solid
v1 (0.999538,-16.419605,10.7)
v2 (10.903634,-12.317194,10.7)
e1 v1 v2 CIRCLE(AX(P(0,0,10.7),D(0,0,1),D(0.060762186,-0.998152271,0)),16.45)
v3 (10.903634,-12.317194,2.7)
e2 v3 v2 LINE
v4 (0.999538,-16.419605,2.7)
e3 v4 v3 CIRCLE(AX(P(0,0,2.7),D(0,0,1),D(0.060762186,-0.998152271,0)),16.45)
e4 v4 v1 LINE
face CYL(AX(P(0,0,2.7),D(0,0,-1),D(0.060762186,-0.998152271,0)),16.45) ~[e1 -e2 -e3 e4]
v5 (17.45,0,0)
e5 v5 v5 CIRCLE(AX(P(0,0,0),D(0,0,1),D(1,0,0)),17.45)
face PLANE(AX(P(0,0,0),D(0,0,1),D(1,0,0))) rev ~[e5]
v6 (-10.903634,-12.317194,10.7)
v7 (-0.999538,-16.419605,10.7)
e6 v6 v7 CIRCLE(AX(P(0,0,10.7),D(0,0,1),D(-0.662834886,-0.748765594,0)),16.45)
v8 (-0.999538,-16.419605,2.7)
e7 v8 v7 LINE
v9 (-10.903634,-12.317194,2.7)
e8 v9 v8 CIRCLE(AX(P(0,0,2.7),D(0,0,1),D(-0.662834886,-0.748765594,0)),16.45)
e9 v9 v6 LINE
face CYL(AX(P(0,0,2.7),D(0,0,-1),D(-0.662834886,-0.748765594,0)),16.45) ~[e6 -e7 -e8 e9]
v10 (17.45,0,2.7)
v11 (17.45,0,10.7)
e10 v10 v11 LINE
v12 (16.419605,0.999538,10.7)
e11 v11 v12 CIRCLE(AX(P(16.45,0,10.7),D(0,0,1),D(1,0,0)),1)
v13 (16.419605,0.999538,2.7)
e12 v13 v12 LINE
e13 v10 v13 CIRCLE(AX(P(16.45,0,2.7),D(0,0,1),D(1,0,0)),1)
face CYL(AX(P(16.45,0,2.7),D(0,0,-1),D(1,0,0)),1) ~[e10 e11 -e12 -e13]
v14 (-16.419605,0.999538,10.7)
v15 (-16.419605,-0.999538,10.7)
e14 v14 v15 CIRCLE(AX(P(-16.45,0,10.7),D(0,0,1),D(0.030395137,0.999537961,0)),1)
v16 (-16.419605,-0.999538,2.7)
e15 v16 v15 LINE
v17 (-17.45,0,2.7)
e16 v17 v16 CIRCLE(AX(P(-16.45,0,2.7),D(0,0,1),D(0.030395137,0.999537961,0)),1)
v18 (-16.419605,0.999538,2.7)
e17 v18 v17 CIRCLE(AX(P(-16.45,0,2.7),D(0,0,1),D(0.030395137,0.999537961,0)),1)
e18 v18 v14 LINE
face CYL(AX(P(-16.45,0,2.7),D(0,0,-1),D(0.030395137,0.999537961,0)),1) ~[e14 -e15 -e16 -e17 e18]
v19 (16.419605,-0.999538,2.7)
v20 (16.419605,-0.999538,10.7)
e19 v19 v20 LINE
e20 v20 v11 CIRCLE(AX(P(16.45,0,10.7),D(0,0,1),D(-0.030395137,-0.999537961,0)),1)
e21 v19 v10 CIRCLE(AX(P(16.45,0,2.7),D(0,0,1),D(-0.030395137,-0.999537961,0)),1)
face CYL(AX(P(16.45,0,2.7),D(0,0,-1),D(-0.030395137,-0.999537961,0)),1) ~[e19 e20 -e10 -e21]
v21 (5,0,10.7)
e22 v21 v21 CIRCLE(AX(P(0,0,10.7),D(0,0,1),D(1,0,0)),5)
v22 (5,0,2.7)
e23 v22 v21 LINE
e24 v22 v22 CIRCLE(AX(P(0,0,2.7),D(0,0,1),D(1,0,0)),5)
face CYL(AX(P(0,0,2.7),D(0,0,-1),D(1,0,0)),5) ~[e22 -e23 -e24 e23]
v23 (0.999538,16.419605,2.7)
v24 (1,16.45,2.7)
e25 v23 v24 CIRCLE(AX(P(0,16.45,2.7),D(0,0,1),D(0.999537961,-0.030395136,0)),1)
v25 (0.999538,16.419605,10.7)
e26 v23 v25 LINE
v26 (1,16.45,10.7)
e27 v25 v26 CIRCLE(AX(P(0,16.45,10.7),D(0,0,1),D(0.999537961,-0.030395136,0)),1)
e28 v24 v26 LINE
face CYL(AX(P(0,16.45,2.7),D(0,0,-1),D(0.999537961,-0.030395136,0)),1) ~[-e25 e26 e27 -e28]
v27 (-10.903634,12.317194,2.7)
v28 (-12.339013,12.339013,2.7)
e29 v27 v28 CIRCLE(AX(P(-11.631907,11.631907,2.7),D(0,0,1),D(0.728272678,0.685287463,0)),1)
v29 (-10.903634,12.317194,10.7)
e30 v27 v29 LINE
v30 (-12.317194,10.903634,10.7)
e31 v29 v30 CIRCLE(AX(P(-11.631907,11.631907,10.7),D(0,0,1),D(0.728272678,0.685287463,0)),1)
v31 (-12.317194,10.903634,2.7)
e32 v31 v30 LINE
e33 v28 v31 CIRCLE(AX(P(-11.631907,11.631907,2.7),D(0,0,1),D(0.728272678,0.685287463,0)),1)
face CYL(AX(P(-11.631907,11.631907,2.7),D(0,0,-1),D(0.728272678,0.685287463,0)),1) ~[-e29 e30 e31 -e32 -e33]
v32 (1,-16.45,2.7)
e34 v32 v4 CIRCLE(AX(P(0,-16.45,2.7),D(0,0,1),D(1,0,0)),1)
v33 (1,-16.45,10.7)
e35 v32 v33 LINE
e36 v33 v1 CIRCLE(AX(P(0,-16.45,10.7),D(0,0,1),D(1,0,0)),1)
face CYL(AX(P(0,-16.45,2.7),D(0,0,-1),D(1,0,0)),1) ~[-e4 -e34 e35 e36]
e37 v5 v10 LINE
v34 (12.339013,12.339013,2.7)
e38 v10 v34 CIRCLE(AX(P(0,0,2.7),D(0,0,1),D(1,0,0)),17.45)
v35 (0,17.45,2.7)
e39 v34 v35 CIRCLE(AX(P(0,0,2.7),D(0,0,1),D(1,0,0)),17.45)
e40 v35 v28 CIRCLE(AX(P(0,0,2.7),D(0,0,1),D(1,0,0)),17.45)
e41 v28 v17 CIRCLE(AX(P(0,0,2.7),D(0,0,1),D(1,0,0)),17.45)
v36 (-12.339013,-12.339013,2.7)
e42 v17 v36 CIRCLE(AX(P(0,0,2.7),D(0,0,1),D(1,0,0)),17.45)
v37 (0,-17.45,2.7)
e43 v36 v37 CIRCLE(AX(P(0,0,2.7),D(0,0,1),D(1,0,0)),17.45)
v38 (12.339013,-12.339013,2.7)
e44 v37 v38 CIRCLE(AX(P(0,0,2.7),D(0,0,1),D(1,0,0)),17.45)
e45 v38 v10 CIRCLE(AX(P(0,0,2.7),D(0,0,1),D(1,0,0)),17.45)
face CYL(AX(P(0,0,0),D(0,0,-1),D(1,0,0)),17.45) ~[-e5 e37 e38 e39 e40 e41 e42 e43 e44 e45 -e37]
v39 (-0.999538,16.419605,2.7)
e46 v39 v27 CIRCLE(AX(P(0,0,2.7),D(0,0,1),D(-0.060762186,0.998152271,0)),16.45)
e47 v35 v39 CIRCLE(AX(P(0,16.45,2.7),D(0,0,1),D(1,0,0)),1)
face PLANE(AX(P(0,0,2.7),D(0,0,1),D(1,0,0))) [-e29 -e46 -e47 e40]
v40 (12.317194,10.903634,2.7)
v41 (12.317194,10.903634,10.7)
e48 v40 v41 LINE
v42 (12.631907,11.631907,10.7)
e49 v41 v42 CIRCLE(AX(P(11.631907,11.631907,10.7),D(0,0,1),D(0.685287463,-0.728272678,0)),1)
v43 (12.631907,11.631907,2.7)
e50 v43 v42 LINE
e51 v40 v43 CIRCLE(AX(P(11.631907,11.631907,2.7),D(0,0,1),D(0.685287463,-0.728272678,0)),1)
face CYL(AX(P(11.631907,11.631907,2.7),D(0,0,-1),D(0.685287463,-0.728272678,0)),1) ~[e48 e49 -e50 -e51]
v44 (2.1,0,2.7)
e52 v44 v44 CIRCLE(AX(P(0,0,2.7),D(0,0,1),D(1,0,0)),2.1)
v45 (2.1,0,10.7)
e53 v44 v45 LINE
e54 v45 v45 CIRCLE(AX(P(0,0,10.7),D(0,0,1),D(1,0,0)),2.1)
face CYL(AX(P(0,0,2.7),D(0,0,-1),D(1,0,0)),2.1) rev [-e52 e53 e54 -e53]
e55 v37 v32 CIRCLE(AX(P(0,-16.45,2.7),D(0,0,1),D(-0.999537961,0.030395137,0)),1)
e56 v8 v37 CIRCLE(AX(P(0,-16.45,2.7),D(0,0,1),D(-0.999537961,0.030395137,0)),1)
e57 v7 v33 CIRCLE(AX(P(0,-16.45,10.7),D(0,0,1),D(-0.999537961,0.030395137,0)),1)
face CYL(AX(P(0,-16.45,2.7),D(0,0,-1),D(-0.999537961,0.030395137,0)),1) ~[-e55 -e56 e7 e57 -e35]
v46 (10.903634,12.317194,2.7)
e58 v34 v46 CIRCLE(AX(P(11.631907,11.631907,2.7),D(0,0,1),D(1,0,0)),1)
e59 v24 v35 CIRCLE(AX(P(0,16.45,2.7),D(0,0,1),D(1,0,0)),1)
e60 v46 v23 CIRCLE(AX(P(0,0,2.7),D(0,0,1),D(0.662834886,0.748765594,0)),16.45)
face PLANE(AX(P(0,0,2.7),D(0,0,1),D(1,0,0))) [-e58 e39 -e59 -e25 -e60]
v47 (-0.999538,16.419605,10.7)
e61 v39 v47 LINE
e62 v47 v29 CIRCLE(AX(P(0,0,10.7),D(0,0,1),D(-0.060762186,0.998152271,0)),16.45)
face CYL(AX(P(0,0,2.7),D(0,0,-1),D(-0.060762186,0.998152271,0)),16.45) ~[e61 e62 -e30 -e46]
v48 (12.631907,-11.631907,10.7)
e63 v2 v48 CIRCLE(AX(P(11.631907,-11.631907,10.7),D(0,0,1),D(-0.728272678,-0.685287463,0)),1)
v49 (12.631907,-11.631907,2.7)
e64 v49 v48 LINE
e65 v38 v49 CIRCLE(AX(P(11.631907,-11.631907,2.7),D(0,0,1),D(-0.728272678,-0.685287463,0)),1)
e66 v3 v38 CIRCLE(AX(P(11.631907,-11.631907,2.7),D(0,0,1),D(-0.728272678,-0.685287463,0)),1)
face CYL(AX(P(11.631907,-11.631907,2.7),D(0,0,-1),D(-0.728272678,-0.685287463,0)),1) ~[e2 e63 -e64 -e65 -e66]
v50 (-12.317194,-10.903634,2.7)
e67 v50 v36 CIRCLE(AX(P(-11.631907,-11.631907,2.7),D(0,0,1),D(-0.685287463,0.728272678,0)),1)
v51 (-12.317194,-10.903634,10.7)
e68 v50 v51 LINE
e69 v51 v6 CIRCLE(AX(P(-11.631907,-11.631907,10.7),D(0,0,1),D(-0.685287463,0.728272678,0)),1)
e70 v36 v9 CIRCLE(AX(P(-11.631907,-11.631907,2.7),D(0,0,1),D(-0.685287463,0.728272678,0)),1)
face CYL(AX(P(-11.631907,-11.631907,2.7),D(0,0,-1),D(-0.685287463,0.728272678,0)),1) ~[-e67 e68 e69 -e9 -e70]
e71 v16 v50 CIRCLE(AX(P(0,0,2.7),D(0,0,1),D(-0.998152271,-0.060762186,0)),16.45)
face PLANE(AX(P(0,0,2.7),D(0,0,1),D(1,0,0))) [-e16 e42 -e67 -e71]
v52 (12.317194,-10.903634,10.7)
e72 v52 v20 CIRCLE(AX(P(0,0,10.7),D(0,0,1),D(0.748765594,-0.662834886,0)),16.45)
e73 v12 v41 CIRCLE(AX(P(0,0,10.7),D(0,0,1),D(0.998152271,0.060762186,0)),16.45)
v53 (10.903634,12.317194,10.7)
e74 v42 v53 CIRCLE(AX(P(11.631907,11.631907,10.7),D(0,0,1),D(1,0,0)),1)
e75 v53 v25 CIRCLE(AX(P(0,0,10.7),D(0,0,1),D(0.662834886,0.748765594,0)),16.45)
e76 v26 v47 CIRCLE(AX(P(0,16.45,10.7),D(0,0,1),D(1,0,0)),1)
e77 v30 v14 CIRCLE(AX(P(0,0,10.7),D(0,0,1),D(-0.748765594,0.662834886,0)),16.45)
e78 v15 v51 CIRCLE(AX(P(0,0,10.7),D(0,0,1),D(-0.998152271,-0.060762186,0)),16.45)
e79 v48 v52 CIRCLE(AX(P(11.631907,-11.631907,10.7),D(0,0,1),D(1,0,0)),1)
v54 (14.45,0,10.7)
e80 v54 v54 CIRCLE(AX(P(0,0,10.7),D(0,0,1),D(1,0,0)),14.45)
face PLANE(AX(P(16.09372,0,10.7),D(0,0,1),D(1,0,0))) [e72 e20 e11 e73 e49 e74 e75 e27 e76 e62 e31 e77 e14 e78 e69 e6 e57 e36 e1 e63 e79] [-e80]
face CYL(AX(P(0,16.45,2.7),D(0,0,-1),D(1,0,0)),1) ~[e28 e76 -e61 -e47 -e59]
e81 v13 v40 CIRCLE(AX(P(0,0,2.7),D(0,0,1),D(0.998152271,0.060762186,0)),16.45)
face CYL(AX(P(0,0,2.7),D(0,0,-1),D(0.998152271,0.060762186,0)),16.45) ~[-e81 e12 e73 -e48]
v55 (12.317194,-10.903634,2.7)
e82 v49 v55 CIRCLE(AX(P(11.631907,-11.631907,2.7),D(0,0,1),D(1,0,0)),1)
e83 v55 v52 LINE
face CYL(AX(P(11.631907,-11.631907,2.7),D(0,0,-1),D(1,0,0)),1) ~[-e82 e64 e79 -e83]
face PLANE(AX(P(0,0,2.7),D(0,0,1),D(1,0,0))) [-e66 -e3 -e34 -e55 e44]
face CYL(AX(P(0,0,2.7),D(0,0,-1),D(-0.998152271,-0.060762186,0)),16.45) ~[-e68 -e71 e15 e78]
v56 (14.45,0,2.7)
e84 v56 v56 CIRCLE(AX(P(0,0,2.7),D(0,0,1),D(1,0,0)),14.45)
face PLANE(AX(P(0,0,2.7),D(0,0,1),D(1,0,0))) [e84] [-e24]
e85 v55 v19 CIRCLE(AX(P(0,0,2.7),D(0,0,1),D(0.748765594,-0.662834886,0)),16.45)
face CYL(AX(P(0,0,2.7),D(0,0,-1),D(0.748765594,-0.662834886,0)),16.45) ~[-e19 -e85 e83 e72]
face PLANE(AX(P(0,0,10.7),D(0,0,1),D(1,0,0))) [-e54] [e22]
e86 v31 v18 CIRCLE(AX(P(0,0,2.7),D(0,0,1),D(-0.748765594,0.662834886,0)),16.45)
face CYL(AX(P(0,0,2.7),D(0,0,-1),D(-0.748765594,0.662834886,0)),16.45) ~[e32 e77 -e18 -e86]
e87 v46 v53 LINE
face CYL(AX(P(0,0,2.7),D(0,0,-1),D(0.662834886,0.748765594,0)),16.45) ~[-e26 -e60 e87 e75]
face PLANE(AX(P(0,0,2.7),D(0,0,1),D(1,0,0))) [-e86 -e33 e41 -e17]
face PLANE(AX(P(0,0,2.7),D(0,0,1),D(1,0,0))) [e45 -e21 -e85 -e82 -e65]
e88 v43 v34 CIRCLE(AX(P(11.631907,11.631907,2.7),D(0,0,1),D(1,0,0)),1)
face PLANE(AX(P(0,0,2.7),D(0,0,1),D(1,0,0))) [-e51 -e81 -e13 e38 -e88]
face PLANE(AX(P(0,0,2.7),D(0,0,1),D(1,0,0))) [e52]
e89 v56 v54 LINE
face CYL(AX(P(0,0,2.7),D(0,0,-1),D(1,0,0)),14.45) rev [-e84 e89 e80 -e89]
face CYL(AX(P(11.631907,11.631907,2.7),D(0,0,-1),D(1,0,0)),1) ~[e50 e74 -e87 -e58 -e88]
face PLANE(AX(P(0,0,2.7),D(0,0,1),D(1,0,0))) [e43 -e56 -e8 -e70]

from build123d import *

# Parameters (mm, degrees)
F0_R     = 17.45
F1_DEPTH = 2.7
F2_R     = 14.45
F3_DEPTH = 8
F4_R     = 5
F4_R_2   = 2.1
F5_DEPTH = 8


with BuildPart() as f1:
    # F0 (on Top) → F1 (new body)
    with BuildSketch(Plane.XY):
        Circle(F0_R)
    extrude(amount=F1_DEPTH)

    # F2 (on face) → F3 (join)
    with BuildSketch(Plane.XY.offset(2.7)):
        with BuildLine():
            ThreePointArc((16.4196048632, -0.9995379611), (16.4423994599, -0.5), (16.45, 0))
            ThreePointArc((16.45, 0), (16.4423994599, 0.5), (16.4196048632, 0.9995379611))
            ThreePointArc((16.4196048632, 0.9995379611), (15.45, 0), (16.4196048632, -0.9995379611))
        make_face()
        with BuildLine():
            ThreePointArc((16.4196048632, 0.9995379611), (16.4423994599, 0.5), (16.45, 0))
            ThreePointArc((16.45, 0), (16.4423994599, -0.5), (16.4196048632, -0.9995379611))
            ThreePointArc((16.4196048632, -0.9995379611), (17.1462775536, -0.7177726439), (17.45, 0))
            ThreePointArc((17.45, 0), (17.1462775536, 0.7177726439), (16.4196048632, 0.9995379611))
        make_face()
        with BuildLine():
            ThreePointArc((16.4196048632, -0.9995379611), (15.45, 0), (16.4196048632, 0.9995379611))
            ThreePointArc((16.4196048632, 0.9995379611), (15.1978183098, 6.2951424624), (12.3171940135, 10.9036338728))
            ThreePointArc((12.3171940135, 10.9036338728), (10.9247997693, 10.9247997693), (10.9036338728, 12.3171940135))
            ThreePointArc((10.9036338728, 12.3171940135), (6.2951424624, 15.1978183098), (0.9995379611, 16.4196048632))
            ThreePointArc((0.9995379611, 16.4196048632), (0, 15.45), (-0.9995379611, 16.4196048632))
            ThreePointArc((-0.9995379611, 16.4196048632), (-6.2951424624, 15.1978183098), (-10.9036338728, 12.3171940135))
            ThreePointArc((-10.9036338728, 12.3171940135), (-10.7023172117, 12.0005034322), (-10.6319065505, 11.6319065505))
            ThreePointArc((-10.6319065505, 11.6319065505), (-11.2352249799, 10.7139502708), (-12.3171940135, 10.9036338728))
            ThreePointArc((-12.3171940135, 10.9036338728), (-15.1978183098, 6.2951424624), (-16.4196048632, 0.9995379611))
            ThreePointArc((-16.4196048632, 0.9995379611), (-15.7322273561, 0.6962775536), (-15.45, 0))
            ThreePointArc((-15.45, 0), (-15.7322273561, -0.6962775536), (-16.4196048632, -0.9995379611))
            ThreePointArc((-16.4196048632, -0.9995379611), (-15.1978183098, -6.2951424624), (-12.3171940135, -10.9036338728))
            ThreePointArc((-12.3171940135, -10.9036338728), (-11.2352249799, -10.7139502708), (-10.6319065505, -11.6319065505))
            ThreePointArc((-10.6319065505, -11.6319065505), (-10.7023172117, -12.0005034322), (-10.9036338728, -12.3171940135))
            ThreePointArc((-10.9036338728, -12.3171940135), (-6.2951424624, -15.1978183098), (-0.9995379611, -16.4196048632))
            ThreePointArc((-0.9995379611, -16.4196048632), (0, -15.45), (0.9995379611, -16.4196048632))
            ThreePointArc((0.9995379611, -16.4196048632), (6.2951424624, -15.1978183098), (10.9036338728, -12.3171940135))
            ThreePointArc((10.9036338728, -12.3171940135), (10.9247997693, -10.9247997693), (12.3171940135, -10.9036338728))
            ThreePointArc((12.3171940135, -10.9036338728), (15.1978183098, -6.2951424624), (16.4196048632, -0.9995379611))
        make_face()
        Circle(F2_R, mode=Mode.SUBTRACT)
        with BuildLine():
            ThreePointArc((10.9036338728, 12.3171940135), (10.9247997693, 10.9247997693), (12.3171940135, 10.9036338728))
            ThreePointArc((12.3171940135, 10.9036338728), (11.6319065505, 11.6319065505), (10.9036338728, 12.3171940135))
        make_face()
        with BuildLine():
            ThreePointArc((10.9036338728, 12.3171940135), (11.6319065505, 11.6319065505), (12.3171940135, 10.9036338728))
            ThreePointArc((12.3171940135, 10.9036338728), (12.5498628303, 11.2352249799), (12.6319065505, 11.6319065505))
            ThreePointArc((12.6319065505, 11.6319065505), (12.0005034322, 12.5614958893), (10.9036338728, 12.3171940135))
        make_face()
        with BuildLine():
            ThreePointArc((12.6319065505, -11.6319065505), (12.5498628303, -11.2352249799), (12.3171940135, -10.9036338728))
            ThreePointArc((12.3171940135, -10.9036338728), (11.6319065505, -11.6319065505), (10.9036338728, -12.3171940135))
            ThreePointArc((10.9036338728, -12.3171940135), (12.0005034322, -12.5614958893), (12.6319065505, -11.6319065505))
        make_face()
        with BuildLine():
            ThreePointArc((10.9036338728, -12.3171940135), (11.6319065505, -11.6319065505), (12.3171940135, -10.9036338728))
            ThreePointArc((12.3171940135, -10.9036338728), (10.9247997693, -10.9247997693), (10.9036338728, -12.3171940135))
        make_face()
        with BuildLine():
            ThreePointArc((-0.9995379611, 16.4196048632), (0, 15.45), (0.9995379611, 16.4196048632))
            ThreePointArc((0.9995379611, 16.4196048632), (0, 16.45), (-0.9995379611, 16.4196048632))
        make_face()
        with BuildLine():
            ThreePointArc((-0.9995379611, 16.4196048632), (0, 16.45), (0.9995379611, 16.4196048632))
            ThreePointArc((0.9995379611, 16.4196048632), (0.9998844836, 16.4348006758), (1, 16.45))
            ThreePointArc((1, 16.45), (-0.0151993242, 17.4498844836), (-0.9995379611, 16.4196048632))
        make_face()
        with BuildLine():
            ThreePointArc((1, -16.45), (0.9998844836, -16.4348006758), (0.9995379611, -16.4196048632))
            ThreePointArc((0.9995379611, -16.4196048632), (0, -16.45), (-0.9995379611, -16.4196048632))
            ThreePointArc((-0.9995379611, -16.4196048632), (-0.0151993242, -17.4498844836), (1, -16.45))
        make_face()
        with BuildLine():
            ThreePointArc((-0.9995379611, -16.4196048632), (0, -16.45), (0.9995379611, -16.4196048632))
            ThreePointArc((0.9995379611, -16.4196048632), (0, -15.45), (-0.9995379611, -16.4196048632))
        make_face()
        with BuildLine():
            ThreePointArc((-10.6319065505, 11.6319065505), (-10.7023172117, 12.0005034322), (-10.9036338728, 12.3171940135))
            ThreePointArc((-10.9036338728, 12.3171940135), (-11.6319065505, 11.6319065505), (-12.3171940135, 10.9036338728))
            ThreePointArc((-12.3171940135, 10.9036338728), (-11.2352249799, 10.7139502708), (-10.6319065505, 11.6319065505))
        make_face()
        with BuildLine():
            ThreePointArc((-12.3171940135, 10.9036338728), (-11.6319065505, 11.6319065505), (-10.9036338728, 12.3171940135))
            ThreePointArc((-10.9036338728, 12.3171940135), (-12.3390133317, 12.3390133317), (-12.3171940135, 10.9036338728))
        make_face()
        with BuildLine():
            ThreePointArc((-12.3171940135, -10.9036338728), (-12.3390133317, -12.3390133317), (-10.9036338728, -12.3171940135))
            ThreePointArc((-10.9036338728, -12.3171940135), (-11.6319065505, -11.6319065505), (-12.3171940135, -10.9036338728))
        make_face()
        with BuildLine():
            ThreePointArc((-12.3171940135, -10.9036338728), (-11.6319065505, -11.6319065505), (-10.9036338728, -12.3171940135))
            ThreePointArc((-10.9036338728, -12.3171940135), (-10.7023172117, -12.0005034322), (-10.6319065505, -11.6319065505))
            ThreePointArc((-10.6319065505, -11.6319065505), (-11.2352249799, -10.7139502708), (-12.3171940135, -10.9036338728))
        make_face()
        with BuildLine():
            ThreePointArc((-15.45, 0), (-15.7322273561, 0.6962775536), (-16.4196048632, 0.9995379611))
            ThreePointArc((-16.4196048632, 0.9995379611), (-16.45, 0), (-16.4196048632, -0.9995379611))
            ThreePointArc((-16.4196048632, -0.9995379611), (-15.7322273561, -0.6962775536), (-15.45, 0))
        make_face()
        with BuildLine():
            ThreePointArc((-16.4196048632, -0.9995379611), (-16.45, 0), (-16.4196048632, 0.9995379611))
            ThreePointArc((-16.4196048632, 0.9995379611), (-17.45, 0), (-16.4196048632, -0.9995379611))
        make_face()
    extrude(amount=F3_DEPTH)

    # F4 (on face) → F5 (join)
    with BuildSketch(Plane.XY.offset(2.7)):
        Circle(F4_R)
        Circle(F4_R_2, mode=Mode.SUBTRACT)
    extrude(amount=F5_DEPTH)


solid = f1.part
